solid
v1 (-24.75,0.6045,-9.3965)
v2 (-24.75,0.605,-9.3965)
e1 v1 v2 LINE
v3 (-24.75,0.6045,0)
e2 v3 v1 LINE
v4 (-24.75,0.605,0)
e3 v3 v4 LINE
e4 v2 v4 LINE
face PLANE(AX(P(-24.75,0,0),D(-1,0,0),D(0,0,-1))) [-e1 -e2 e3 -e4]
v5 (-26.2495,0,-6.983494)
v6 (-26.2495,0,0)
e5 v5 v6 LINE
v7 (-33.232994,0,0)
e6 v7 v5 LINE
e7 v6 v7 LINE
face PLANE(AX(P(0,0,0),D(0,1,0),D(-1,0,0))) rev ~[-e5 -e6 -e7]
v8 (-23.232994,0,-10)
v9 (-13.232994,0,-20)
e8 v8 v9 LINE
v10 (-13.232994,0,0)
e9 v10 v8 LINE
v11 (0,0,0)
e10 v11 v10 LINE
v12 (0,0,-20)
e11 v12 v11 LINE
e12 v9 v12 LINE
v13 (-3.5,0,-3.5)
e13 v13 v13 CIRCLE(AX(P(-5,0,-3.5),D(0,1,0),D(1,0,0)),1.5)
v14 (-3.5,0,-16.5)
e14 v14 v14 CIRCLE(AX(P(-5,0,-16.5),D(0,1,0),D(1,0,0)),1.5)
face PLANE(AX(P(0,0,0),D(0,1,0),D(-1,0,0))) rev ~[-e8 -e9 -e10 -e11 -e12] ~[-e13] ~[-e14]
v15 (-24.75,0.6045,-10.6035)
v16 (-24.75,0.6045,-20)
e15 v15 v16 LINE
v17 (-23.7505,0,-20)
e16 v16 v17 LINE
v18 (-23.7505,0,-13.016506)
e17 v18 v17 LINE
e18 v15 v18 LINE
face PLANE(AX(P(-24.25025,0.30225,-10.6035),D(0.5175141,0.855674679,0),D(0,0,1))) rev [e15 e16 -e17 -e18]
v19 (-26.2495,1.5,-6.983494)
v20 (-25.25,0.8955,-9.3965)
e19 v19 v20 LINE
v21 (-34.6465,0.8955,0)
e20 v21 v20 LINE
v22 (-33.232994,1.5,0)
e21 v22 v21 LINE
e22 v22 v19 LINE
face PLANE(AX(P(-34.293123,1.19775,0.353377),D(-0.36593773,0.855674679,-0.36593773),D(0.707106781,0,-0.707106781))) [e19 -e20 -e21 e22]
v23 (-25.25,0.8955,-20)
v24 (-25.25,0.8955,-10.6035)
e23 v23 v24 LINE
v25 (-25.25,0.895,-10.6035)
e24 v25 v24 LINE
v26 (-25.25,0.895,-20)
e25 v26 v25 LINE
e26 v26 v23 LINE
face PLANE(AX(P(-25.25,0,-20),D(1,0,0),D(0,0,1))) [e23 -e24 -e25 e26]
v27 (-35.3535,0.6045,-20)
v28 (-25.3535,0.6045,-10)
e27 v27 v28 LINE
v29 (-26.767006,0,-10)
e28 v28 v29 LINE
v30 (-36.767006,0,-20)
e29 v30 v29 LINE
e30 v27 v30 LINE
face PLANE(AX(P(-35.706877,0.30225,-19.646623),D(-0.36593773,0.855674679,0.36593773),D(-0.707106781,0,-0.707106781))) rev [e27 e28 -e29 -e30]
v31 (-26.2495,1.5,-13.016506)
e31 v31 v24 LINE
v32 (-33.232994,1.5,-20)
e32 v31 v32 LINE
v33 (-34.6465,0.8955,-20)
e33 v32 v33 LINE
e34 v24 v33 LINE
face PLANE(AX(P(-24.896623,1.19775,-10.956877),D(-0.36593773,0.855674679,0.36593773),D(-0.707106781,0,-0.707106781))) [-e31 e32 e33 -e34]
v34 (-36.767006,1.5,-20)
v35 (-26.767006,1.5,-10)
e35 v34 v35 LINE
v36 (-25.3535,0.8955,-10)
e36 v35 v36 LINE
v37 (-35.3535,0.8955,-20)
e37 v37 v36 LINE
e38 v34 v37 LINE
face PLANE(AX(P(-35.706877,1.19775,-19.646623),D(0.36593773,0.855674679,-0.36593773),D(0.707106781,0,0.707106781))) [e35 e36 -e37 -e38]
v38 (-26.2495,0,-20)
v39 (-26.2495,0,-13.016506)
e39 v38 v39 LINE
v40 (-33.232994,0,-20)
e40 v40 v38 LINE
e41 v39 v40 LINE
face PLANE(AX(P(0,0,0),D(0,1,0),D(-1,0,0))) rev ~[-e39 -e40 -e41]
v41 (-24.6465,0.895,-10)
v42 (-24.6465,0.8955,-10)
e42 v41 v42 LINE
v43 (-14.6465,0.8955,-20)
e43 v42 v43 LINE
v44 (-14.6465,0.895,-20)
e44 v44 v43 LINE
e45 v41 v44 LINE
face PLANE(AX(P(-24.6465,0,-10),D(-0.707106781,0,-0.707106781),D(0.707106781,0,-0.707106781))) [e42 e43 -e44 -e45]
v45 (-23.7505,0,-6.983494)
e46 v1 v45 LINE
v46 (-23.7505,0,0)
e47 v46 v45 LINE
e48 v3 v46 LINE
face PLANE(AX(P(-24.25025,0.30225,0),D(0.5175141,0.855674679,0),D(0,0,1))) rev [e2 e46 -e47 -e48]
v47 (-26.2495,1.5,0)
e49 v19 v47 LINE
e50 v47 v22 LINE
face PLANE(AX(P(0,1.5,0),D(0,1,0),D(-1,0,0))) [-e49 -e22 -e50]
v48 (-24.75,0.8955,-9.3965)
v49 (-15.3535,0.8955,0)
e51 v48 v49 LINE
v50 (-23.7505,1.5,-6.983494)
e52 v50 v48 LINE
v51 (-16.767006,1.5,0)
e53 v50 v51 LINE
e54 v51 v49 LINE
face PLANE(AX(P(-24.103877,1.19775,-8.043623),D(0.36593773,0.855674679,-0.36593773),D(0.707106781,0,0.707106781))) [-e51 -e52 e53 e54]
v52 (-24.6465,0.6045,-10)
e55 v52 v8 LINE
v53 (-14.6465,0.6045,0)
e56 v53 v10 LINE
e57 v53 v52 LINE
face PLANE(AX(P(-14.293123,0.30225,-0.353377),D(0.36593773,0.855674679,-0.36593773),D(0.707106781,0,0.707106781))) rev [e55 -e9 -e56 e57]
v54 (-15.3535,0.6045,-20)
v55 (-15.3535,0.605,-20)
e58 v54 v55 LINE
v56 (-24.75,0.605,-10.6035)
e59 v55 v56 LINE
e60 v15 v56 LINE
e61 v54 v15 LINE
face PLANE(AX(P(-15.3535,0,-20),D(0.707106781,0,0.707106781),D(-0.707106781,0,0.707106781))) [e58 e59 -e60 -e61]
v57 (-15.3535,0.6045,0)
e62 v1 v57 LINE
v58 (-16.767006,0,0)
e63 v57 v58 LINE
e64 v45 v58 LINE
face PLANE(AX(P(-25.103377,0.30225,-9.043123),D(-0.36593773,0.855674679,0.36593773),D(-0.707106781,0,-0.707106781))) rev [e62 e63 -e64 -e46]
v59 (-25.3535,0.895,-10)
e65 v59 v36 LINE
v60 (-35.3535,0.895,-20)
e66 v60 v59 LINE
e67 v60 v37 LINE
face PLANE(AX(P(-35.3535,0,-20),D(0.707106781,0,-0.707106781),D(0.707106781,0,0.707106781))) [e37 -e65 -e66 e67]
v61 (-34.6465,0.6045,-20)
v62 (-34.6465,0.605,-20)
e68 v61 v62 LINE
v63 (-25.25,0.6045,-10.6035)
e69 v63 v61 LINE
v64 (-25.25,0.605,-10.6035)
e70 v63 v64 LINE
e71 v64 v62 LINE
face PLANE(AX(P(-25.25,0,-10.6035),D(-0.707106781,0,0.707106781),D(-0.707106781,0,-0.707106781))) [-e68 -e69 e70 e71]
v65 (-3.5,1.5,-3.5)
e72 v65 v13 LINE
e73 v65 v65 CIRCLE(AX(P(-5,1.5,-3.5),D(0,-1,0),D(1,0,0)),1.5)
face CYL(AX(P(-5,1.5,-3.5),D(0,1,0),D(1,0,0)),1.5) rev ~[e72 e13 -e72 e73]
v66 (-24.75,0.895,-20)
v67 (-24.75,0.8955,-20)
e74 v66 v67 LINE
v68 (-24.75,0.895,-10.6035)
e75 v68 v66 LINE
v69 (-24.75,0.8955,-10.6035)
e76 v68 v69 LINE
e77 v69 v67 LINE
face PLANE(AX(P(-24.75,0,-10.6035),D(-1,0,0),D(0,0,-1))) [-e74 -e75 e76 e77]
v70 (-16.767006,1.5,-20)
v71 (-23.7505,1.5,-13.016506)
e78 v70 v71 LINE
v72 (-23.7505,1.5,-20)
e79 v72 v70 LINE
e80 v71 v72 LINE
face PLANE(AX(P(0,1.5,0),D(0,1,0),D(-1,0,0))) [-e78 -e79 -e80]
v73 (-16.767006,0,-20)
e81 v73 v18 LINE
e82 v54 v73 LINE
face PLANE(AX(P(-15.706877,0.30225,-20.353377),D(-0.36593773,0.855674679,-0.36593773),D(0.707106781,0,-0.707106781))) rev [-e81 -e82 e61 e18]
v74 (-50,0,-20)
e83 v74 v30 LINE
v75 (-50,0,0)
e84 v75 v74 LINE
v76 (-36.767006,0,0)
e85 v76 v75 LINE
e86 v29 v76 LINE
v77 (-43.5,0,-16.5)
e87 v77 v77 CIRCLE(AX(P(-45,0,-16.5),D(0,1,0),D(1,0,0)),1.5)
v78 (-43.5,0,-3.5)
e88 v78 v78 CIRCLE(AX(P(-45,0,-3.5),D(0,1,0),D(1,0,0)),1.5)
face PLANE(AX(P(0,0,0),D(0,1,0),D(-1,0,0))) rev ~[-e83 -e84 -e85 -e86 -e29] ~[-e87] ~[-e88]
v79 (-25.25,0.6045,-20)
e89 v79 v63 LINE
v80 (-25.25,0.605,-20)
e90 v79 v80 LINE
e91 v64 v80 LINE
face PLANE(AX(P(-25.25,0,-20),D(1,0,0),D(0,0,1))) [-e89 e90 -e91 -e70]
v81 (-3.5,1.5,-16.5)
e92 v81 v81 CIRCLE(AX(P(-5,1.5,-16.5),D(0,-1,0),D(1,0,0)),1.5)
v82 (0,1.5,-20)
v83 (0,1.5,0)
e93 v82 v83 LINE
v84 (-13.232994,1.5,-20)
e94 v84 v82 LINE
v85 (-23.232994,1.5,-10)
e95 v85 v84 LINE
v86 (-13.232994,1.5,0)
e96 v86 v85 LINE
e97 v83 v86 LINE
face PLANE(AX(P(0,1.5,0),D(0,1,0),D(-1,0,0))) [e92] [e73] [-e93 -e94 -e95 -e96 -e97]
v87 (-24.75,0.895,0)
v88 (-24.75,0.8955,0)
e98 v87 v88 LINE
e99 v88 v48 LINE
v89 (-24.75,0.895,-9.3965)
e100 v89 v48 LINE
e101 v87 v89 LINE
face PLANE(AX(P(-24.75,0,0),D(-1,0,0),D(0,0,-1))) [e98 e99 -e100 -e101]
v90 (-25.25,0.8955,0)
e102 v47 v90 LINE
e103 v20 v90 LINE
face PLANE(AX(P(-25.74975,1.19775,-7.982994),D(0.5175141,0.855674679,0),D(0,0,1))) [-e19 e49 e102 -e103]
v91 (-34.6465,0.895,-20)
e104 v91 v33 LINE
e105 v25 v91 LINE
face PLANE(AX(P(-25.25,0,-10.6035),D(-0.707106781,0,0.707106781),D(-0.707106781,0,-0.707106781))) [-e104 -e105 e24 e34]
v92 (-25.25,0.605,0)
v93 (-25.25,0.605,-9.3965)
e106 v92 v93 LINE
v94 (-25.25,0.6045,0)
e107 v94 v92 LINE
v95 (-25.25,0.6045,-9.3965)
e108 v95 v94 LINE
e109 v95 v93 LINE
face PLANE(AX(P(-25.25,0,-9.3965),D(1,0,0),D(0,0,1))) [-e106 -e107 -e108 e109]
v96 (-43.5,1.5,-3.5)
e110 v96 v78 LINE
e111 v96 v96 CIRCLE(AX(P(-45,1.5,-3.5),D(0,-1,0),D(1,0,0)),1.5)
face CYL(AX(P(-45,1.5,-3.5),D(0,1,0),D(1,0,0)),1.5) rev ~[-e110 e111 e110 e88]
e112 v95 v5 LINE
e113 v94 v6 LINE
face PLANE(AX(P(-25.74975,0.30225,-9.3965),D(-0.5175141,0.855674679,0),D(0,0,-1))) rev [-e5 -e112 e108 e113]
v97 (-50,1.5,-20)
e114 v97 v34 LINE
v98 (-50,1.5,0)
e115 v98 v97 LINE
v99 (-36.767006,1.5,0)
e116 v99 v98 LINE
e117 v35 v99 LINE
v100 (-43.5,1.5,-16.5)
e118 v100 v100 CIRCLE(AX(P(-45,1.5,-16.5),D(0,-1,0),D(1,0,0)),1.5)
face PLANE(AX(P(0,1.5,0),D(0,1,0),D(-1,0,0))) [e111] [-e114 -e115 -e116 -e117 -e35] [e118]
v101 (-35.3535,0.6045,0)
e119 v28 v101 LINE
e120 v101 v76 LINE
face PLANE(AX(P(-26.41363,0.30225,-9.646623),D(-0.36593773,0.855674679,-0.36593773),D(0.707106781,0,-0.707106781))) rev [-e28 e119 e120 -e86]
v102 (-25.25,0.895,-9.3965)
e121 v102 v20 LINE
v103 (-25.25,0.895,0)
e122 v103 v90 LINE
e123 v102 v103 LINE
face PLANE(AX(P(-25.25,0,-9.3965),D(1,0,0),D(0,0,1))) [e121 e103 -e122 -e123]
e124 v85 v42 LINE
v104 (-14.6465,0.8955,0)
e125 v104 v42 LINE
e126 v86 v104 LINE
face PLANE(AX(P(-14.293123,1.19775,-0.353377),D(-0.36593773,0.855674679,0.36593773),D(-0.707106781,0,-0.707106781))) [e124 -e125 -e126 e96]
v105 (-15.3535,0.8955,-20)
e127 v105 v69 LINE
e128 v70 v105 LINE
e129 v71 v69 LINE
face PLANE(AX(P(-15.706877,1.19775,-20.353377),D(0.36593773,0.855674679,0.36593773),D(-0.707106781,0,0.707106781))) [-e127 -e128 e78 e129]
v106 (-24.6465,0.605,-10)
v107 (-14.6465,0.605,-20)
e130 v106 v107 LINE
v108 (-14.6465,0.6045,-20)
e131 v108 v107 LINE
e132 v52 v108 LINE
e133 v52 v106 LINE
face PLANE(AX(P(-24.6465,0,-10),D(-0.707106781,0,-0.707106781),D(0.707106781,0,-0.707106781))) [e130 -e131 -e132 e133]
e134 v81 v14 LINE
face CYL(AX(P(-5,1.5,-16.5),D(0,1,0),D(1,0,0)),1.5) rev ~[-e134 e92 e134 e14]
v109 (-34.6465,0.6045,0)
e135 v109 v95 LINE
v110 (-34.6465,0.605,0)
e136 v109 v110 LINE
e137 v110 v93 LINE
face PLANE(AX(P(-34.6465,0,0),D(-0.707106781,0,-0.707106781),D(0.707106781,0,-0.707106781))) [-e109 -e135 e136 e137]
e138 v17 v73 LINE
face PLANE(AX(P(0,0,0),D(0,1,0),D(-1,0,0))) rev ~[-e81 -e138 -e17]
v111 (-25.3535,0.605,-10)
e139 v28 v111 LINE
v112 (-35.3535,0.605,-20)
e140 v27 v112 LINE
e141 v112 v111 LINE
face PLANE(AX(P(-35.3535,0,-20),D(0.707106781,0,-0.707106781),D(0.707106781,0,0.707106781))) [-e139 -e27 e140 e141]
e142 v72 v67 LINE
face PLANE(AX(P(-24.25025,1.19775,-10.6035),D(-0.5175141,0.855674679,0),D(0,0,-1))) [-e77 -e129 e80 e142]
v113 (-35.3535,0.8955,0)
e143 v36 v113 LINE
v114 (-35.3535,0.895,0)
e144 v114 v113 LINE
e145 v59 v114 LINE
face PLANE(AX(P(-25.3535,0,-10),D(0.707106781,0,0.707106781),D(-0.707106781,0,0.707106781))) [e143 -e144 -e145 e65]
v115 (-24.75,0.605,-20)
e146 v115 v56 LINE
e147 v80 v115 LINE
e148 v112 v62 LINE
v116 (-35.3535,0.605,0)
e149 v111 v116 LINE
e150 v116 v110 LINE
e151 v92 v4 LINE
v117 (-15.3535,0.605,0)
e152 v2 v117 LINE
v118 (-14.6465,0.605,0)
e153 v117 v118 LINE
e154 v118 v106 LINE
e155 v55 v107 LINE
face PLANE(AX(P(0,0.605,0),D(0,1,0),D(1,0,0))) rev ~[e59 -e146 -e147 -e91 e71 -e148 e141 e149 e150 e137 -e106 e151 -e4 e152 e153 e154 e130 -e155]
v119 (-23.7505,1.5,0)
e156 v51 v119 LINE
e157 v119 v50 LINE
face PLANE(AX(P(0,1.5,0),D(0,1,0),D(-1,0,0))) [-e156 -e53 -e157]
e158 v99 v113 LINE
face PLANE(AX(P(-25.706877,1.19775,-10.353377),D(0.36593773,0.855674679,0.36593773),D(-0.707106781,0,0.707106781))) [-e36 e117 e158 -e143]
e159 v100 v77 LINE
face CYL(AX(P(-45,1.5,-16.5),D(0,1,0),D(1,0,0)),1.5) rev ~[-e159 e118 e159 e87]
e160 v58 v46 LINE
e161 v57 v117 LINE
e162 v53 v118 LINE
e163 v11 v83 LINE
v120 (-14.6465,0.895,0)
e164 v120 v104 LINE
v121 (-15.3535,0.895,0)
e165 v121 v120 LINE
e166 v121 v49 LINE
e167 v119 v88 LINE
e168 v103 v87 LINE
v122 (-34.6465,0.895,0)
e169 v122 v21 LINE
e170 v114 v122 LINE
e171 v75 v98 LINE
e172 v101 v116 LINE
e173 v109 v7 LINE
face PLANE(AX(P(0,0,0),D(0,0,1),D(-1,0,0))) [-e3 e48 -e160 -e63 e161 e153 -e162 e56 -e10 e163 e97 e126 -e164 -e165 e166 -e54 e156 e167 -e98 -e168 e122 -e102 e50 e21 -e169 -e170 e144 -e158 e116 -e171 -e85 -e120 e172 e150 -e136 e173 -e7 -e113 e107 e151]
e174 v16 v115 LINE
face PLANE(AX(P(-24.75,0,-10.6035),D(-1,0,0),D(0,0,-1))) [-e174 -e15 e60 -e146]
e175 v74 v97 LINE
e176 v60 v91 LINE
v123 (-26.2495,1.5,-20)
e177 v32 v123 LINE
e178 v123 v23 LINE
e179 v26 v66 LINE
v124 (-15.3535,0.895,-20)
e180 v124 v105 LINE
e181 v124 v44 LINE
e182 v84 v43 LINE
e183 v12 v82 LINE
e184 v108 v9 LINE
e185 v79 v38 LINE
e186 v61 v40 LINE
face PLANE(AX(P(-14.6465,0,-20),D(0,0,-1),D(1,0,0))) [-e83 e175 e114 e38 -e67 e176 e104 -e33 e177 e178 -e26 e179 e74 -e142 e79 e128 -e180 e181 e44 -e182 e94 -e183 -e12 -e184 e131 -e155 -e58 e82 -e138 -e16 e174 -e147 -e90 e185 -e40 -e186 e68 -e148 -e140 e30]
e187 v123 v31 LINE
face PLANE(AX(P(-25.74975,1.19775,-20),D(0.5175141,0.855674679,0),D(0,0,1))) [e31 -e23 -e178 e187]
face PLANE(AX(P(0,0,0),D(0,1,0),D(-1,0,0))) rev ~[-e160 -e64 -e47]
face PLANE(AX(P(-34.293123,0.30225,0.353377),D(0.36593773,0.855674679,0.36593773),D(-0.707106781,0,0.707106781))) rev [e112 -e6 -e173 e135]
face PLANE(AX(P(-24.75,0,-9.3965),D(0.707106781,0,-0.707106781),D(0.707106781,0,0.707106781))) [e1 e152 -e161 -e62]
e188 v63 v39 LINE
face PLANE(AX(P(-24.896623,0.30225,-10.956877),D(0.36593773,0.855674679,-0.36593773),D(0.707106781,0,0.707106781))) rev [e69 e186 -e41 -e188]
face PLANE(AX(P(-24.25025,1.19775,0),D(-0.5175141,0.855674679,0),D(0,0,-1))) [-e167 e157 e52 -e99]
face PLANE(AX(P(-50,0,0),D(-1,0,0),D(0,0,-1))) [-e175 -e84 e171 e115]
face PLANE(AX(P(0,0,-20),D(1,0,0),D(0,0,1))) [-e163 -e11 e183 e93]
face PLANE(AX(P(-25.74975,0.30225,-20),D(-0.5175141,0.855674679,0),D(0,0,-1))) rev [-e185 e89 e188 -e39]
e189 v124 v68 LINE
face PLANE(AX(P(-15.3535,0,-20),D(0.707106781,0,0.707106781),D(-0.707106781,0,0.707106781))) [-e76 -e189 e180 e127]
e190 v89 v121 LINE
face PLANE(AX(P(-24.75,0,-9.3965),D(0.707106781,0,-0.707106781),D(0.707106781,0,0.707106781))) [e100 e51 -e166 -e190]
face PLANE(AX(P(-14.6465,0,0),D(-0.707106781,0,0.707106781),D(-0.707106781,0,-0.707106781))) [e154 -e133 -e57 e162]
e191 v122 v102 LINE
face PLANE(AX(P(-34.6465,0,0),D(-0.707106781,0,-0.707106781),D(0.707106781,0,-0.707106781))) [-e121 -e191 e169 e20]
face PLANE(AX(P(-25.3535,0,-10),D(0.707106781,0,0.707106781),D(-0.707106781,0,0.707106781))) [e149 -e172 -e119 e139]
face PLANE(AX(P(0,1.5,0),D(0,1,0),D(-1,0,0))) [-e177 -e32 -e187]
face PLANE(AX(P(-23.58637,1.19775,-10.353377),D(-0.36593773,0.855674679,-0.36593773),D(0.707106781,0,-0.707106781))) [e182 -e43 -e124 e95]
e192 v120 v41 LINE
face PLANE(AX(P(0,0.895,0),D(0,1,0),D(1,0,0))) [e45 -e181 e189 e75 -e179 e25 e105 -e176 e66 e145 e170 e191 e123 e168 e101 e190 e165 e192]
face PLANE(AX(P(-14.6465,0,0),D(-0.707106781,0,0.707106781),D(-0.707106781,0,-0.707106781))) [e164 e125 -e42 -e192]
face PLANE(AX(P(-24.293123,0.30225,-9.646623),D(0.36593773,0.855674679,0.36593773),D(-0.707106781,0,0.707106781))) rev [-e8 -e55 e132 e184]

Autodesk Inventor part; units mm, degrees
ref_plane "YZ Plane" through (0, 0, 0) normal (1, 0, 0) x (0, 1, 0)
ref_plane "XZ Plane" through (0, 0, 0) normal (0, 1, 0) x (-1, 0, 0)
ref_plane "XY Plane" through (0, 0, 0) normal (0, 0, 1) x (1, 0, 0)
sketch "Sketch1" plane through (0, 0, 0) normal (0, 1, 0) x (-1, 0, 0)
  line L0 (0, 0) -> (50, 0)
  line L1 (50, 0) -> (50, -20)
  line L2 (50, -20) -> (0, -20)
  line L3 (0, -20) -> (0, 0)
  line L4 (25, 0) -> (25, -20)
  line L5 (25, -20) -> (35, -20)
  line L6 (25, 0) -> (35, 0)
  line L7 (25, 0) -> (15, 0)
  line L8 (25, -20) -> (15, -20)
  line L9 (15, -20) -> (25, -10)
  line L10 (25, -10) -> (15, 0)
  line L11 (25, -10) -> (35, -20)
  line L12 (25, -10) -> (35, 0)
  line L13 (25.25, 2.5) -> (24.75, 2.5)
  line L14 (24.75, 2.5) -> (24.75, -22.5)
  line L15 (24.75, -22.5) -> (25.25, -22.5)
  line L16 (25.25, -22.5) -> (25.25, 2.5)
  line L17 (25.25, 2.5) -> (24.75, -22.5) construction
  line L18 (24.75, 2.5) -> (25.25, -22.5) construction
  line L19 (7.4991, 7.8544) -> (7.1456, 7.5009)
  line L20 (7.1456, 7.5009) -> (42.5009, -27.8544)
  line L21 (42.5009, -27.8544) -> (42.8544, -27.5009)
  line L22 (42.8544, -27.5009) -> (7.4991, 7.8544)
  line L23 (7.4991, 7.8544) -> (42.5009, -27.8544) construction
  line L24 (7.1456, 7.5009) -> (42.8544, -27.5009) construction
  line L25 (42.8544, 7.5009) -> (42.5009, 7.8544)
  line L26 (42.5009, 7.8544) -> (7.1456, -27.5009)
  line L27 (7.1456, -27.5009) -> (7.4991, -27.8544)
  line L28 (7.4991, -27.8544) -> (42.8544, 7.5009)
  line L29 (42.8544, 7.5009) -> (7.1456, -27.5009) construction
  line L30 (42.5009, 7.8544) -> (7.4991, -27.8544) construction
  point P0 (14.6464, -20)
  point P1 (24.6464, -10)
  point P2 (14.6464, 0)
  point P3 (24.75, -10.6036)
  point P4 (15.3536, -20)
  point P5 (24.75, -20)
  point P6 (34.6464, -20)
  point P7 (25.25, -10.6036)
  point P8 (25.25, -20)
  point P9 (15.3536, 0)
  point P10 (24.75, -9.3964)
  point P11 (24.75, 0)
  point P12 (25.25, -9.3964)
  point P13 (34.6464, 0)
  point P14 (25.25, 0)
  point P15 (35.3536, 0)
  point P16 (25.3536, -10)
  point P17 (35.3536, -20)
  dimension "d0" = 50
  dimension "d1" = 20
  dimension "d2" = 10
  dimension "d3" = 10
  dimension "d4" = 10
  dimension "d5" = 10
  dimension "d6" = 0.5
  dimension "d7" = 25
  dimension "d8" = 0.5
  dimension "d9" = 50
  dimension "d10" = 0.5
  dimension "d11" = 50
extrude "Extrusion1" add sketch "Sketch1" along normal blind 1.5 contours L0 L20 L26 L2 L3 | L0 L14 L22 | L28 L14 L2 | L0 L26 L16 | L20 L2 L16 | L28 L0 L1 L2 L22
ref_plane "Work Plane1" through (0, 0.75, 0) normal (0, 1, 0) x (1, 0, 0)
sketch "Sketch2" plane through (0, 0.75, 0) normal (0, 1, 0) x (1, 0, 0)
  line L0 (-50, 20) -> (-50, 0) projected
  line L1 (-35.3536, 20) -> (-50, 20) projected
  line L2 (-25.3536, 10) -> (-35.3536, 20) projected
  line L3 (-35.3536, 0) -> (-25.3536, 10) projected
  line L4 (-50, 0) -> (-35.3536, 0) projected
  line L5 (-25.25, 9.3964) -> (-34.6464, 0) projected
  line L6 (-25.25, 0) -> (-25.25, 9.3964) projected
  line L7 (-34.6464, 0) -> (-25.25, 0) projected
  line L8 (-24.75, 9.3964) -> (-24.75, 0) projected
  line L9 (-15.3536, 0) -> (-24.75, 9.3964) projected
  line L10 (-24.75, 0) -> (-15.3536, 0) projected
  line L11 (-24.6464, 10) -> (-14.6464, 0) projected
  line L12 (-14.6464, 20) -> (-24.6464, 10) projected
  line L13 (0, 20) -> (-14.6464, 20) projected
  line L14 (0, 0) -> (0, 20) projected
  line L15 (-14.6464, 0) -> (0, 0) projected
  line L16 (-15.3536, 20) -> (-24.75, 20) projected
  line L17 (-24.75, 10.6036) -> (-15.3536, 20) projected
  line L18 (-24.75, 20) -> (-24.75, 10.6036) projected
  line L19 (-25.25, 20) -> (-34.6464, 20) projected
  line L20 (-25.25, 10.6036) -> (-25.25, 20) projected
  line L21 (-34.6464, 20) -> (-25.25, 10.6036) projected
  line L22 (-50, 0) -> (-35.3536, 0) projected
  line L23 (-50, 0) -> (0, 0)
  line L24 (-50, 20) -> (0, 20)
extrude "Extrusion2" add sketch "Sketch2" along normal mid plane 0.29 contours L24 L21 L20 L18 L17 L12 L11 L23 L9 L8 L6 L5 L3 L2
chamfer "Chamfer1" distance 1 distance2 0.605 1 edges at (-30.3536, 1.5, -5) measured on face at (-40.2357, 1.5, -13.3333)
chamfer "Chamfer2" distance 1 distance2 0.605 1 edges at (-29.9482, 1.5, -4.6982) measured on face at (-28.3821, 1.5, -3.1321)
chamfer "Chamfer3" distance 1 distance2 0.605 1 edges at (-30.7069, 1.5, -15.3534) measured on face at (-40.7069, 1.5, -13.3333)
chamfer "Chamfer4" distance 1 distance2 0.605 1 edges at (-29.9482, 1.5, -15.3018) measured on face at (-28.3821, 1.5, -16.8679)
chamfer "Chamfer5" distance 1 distance2 0.605 1 edges at (-25.25, 1.5, -16.0085) measured on face at (-27.911, 1.5, -17.339)
chamfer "Chamfer6" distance 1 distance2 0.605 1 edges at (-24.75, 1.5, -15.3018) measured on face at (-21.6179, 1.5, -16.8679)
chamfer "Chamfer7" distance 1 distance2 0.605 1 edges at (-25.25, 1.5, -3.9915) measured on face at (-27.911, 1.5, -2.661)
chamfer "Chamfer8" distance 1 distance2 0.605 1 edges at (-24.75, 1.5, -4.6982) measured on face at (-21.6179, 1.5, -3.1321)
chamfer "Chamfer9" distance 1 distance2 0.605 1 edges at (-19.552, 1.5, -4.1985) measured on face at (-20.9515, 1.5, -2.799)
chamfer "Chamfer10" distance 1 distance2 0.605 1 edges at (-19.6464, 1.5, -5) measured on face at (-9.7643, 1.5, -6.6667)
chamfer "Chamfer11" distance 1 distance2 0.605 1 edges at (-19.552, 1.5, -15.8015) measured on face at (-20.9515, 1.5, -17.201)
chamfer "Chamfer12" distance 1 distance2 0.605 1 edges at (-19.2931, 1.5, -15.3534) measured on face at (-9.2931, 1.5, -13.3333)
chamfer "Chamfer13" distance 0.605 distance2 1 1 edges at (-29.9482, 0, -15.3018) measured on face at (-31.5143, 0.2017, -16.8679)
chamfer "Chamfer14" distance 0.605 distance2 1 1 edges at (-30.3536, 0, -15) measured on face at (-28.6869, 0.2017, -13.3333)
chamfer "Chamfer15" distance 0.605 distance2 1 1 edges at (-25.25, 0, -16.0085) measured on face at (-25.25, 0.4033, -14.2069)
chamfer "Chamfer16" distance 0.605 distance2 1 1 edges at (-24.75, 0, -15.3018) measured on face at (-24.75, 0.2017, -16.8679)
chamfer "Chamfer17" distance 0.605 distance2 1 1 edges at (-19.552, 0, -15.8015) measured on face at (-21.2847, 0.4033, -14.0689)
chamfer "Chamfer18" distance 0.605 distance2 1 1 edges at (-19.6464, 0, -15) measured on face at (-17.9798, 0.2017, -16.6667)
chamfer "Chamfer19" distance 0.605 distance2 1 1 edges at (-19.2931, 0, -4.6466) measured on face at (-21.0775, 0.4033, -6.4311)
chamfer "Chamfer20" distance 0.605 distance2 1 1 edges at (-20.0518, 0, -4.6982) measured on face at (-18.4857, 0.2017, -3.1321)
chamfer "Chamfer21" distance 0.605 distance2 1 1 edges at (-24.75, 0, -3.9915) measured on face at (-24.75, 0.4033, -5.7931)
chamfer "Chamfer22" distance 0.605 distance2 1 1 edges at (-25.25, 0, -4.6982) measured on face at (-25.25, 0.2017, -3.1321)
chamfer "Chamfer23" distance 0.605 distance2 1 1 edges at (-30.448, 0, -4.1985) measured on face at (-28.7153, 0.4033, -5.9311)
chamfer "Chamfer24" distance 0.605 distance2 1 1 edges at (-30.7069, 0, -4.6466) measured on face at (-28.9225, 0.4033, -6.4311)
sketch "Sketch3" plane through (0, 1.5, 0) normal (0, 1, 0) x (1, 0, 0)
  line L0 (-36.7678, 20) -> (-26.7678, 10) projected
  line L1 (-36.7678, 20) -> (-50, 20) projected
  line L2 (-50, 20) -> (-50, 0) projected
  line L3 (-50, 0) -> (-36.7678, 0) projected
  line L4 (-26.7678, 10) -> (-36.7678, 0) projected
  line L5 (-23.2322, 10) -> (-13.2322, 20) projected
  line L6 (-13.2322, 0) -> (-23.2322, 10) projected
  line L7 (-13.2322, 0) -> (0, 0) projected
  line L8 (0, 0) -> (0, 20) projected
  line L9 (0, 20) -> (-13.2322, 20) projected
  line L10 (-26.7678, 10) -> (-23.2322, 10)
  line L11 (-45, 16.5) -> (-45, 3.5)
  line L12 (-45, 3.5) -> (-5, 3.5)
  line L13 (-5, 3.5) -> (-5, 16.5)
  line L14 (-5, 16.5) -> (-45, 16.5)
  line L15 (-45, 16.5) -> (-5, 3.5) construction
  line L16 (-45, 3.5) -> (-5, 16.5) construction
  line L17 (-50, 0) -> (-36.7678, 0) projected
  circle A0 centre (-45, 16.5) radius 1.5
  circle A1 centre (-45, 3.5) radius 1.5
  circle A2 centre (-5, 16.5) radius 1.5
  circle A3 centre (-5, 3.5) radius 1.5
  point P0 (-25, 10)
  dimension "d88" = 13
  dimension "d89" = 40
  dimension "d90" = 3
  dimension "d91" = 3
  dimension "d92" = 3
  dimension "d93" = 3
extrude "Extrusion3" cut sketch "Sketch3" against normal blind 4 contours A0 L11 L14 | L14 L11 A0 | A2 L13 L14 | L14 L13 A2 | A1 L11 L12 | L12 L11 A1 | A3 L13 L12 | L12 L13 A3
properties part number "test_hangle_org_2"
